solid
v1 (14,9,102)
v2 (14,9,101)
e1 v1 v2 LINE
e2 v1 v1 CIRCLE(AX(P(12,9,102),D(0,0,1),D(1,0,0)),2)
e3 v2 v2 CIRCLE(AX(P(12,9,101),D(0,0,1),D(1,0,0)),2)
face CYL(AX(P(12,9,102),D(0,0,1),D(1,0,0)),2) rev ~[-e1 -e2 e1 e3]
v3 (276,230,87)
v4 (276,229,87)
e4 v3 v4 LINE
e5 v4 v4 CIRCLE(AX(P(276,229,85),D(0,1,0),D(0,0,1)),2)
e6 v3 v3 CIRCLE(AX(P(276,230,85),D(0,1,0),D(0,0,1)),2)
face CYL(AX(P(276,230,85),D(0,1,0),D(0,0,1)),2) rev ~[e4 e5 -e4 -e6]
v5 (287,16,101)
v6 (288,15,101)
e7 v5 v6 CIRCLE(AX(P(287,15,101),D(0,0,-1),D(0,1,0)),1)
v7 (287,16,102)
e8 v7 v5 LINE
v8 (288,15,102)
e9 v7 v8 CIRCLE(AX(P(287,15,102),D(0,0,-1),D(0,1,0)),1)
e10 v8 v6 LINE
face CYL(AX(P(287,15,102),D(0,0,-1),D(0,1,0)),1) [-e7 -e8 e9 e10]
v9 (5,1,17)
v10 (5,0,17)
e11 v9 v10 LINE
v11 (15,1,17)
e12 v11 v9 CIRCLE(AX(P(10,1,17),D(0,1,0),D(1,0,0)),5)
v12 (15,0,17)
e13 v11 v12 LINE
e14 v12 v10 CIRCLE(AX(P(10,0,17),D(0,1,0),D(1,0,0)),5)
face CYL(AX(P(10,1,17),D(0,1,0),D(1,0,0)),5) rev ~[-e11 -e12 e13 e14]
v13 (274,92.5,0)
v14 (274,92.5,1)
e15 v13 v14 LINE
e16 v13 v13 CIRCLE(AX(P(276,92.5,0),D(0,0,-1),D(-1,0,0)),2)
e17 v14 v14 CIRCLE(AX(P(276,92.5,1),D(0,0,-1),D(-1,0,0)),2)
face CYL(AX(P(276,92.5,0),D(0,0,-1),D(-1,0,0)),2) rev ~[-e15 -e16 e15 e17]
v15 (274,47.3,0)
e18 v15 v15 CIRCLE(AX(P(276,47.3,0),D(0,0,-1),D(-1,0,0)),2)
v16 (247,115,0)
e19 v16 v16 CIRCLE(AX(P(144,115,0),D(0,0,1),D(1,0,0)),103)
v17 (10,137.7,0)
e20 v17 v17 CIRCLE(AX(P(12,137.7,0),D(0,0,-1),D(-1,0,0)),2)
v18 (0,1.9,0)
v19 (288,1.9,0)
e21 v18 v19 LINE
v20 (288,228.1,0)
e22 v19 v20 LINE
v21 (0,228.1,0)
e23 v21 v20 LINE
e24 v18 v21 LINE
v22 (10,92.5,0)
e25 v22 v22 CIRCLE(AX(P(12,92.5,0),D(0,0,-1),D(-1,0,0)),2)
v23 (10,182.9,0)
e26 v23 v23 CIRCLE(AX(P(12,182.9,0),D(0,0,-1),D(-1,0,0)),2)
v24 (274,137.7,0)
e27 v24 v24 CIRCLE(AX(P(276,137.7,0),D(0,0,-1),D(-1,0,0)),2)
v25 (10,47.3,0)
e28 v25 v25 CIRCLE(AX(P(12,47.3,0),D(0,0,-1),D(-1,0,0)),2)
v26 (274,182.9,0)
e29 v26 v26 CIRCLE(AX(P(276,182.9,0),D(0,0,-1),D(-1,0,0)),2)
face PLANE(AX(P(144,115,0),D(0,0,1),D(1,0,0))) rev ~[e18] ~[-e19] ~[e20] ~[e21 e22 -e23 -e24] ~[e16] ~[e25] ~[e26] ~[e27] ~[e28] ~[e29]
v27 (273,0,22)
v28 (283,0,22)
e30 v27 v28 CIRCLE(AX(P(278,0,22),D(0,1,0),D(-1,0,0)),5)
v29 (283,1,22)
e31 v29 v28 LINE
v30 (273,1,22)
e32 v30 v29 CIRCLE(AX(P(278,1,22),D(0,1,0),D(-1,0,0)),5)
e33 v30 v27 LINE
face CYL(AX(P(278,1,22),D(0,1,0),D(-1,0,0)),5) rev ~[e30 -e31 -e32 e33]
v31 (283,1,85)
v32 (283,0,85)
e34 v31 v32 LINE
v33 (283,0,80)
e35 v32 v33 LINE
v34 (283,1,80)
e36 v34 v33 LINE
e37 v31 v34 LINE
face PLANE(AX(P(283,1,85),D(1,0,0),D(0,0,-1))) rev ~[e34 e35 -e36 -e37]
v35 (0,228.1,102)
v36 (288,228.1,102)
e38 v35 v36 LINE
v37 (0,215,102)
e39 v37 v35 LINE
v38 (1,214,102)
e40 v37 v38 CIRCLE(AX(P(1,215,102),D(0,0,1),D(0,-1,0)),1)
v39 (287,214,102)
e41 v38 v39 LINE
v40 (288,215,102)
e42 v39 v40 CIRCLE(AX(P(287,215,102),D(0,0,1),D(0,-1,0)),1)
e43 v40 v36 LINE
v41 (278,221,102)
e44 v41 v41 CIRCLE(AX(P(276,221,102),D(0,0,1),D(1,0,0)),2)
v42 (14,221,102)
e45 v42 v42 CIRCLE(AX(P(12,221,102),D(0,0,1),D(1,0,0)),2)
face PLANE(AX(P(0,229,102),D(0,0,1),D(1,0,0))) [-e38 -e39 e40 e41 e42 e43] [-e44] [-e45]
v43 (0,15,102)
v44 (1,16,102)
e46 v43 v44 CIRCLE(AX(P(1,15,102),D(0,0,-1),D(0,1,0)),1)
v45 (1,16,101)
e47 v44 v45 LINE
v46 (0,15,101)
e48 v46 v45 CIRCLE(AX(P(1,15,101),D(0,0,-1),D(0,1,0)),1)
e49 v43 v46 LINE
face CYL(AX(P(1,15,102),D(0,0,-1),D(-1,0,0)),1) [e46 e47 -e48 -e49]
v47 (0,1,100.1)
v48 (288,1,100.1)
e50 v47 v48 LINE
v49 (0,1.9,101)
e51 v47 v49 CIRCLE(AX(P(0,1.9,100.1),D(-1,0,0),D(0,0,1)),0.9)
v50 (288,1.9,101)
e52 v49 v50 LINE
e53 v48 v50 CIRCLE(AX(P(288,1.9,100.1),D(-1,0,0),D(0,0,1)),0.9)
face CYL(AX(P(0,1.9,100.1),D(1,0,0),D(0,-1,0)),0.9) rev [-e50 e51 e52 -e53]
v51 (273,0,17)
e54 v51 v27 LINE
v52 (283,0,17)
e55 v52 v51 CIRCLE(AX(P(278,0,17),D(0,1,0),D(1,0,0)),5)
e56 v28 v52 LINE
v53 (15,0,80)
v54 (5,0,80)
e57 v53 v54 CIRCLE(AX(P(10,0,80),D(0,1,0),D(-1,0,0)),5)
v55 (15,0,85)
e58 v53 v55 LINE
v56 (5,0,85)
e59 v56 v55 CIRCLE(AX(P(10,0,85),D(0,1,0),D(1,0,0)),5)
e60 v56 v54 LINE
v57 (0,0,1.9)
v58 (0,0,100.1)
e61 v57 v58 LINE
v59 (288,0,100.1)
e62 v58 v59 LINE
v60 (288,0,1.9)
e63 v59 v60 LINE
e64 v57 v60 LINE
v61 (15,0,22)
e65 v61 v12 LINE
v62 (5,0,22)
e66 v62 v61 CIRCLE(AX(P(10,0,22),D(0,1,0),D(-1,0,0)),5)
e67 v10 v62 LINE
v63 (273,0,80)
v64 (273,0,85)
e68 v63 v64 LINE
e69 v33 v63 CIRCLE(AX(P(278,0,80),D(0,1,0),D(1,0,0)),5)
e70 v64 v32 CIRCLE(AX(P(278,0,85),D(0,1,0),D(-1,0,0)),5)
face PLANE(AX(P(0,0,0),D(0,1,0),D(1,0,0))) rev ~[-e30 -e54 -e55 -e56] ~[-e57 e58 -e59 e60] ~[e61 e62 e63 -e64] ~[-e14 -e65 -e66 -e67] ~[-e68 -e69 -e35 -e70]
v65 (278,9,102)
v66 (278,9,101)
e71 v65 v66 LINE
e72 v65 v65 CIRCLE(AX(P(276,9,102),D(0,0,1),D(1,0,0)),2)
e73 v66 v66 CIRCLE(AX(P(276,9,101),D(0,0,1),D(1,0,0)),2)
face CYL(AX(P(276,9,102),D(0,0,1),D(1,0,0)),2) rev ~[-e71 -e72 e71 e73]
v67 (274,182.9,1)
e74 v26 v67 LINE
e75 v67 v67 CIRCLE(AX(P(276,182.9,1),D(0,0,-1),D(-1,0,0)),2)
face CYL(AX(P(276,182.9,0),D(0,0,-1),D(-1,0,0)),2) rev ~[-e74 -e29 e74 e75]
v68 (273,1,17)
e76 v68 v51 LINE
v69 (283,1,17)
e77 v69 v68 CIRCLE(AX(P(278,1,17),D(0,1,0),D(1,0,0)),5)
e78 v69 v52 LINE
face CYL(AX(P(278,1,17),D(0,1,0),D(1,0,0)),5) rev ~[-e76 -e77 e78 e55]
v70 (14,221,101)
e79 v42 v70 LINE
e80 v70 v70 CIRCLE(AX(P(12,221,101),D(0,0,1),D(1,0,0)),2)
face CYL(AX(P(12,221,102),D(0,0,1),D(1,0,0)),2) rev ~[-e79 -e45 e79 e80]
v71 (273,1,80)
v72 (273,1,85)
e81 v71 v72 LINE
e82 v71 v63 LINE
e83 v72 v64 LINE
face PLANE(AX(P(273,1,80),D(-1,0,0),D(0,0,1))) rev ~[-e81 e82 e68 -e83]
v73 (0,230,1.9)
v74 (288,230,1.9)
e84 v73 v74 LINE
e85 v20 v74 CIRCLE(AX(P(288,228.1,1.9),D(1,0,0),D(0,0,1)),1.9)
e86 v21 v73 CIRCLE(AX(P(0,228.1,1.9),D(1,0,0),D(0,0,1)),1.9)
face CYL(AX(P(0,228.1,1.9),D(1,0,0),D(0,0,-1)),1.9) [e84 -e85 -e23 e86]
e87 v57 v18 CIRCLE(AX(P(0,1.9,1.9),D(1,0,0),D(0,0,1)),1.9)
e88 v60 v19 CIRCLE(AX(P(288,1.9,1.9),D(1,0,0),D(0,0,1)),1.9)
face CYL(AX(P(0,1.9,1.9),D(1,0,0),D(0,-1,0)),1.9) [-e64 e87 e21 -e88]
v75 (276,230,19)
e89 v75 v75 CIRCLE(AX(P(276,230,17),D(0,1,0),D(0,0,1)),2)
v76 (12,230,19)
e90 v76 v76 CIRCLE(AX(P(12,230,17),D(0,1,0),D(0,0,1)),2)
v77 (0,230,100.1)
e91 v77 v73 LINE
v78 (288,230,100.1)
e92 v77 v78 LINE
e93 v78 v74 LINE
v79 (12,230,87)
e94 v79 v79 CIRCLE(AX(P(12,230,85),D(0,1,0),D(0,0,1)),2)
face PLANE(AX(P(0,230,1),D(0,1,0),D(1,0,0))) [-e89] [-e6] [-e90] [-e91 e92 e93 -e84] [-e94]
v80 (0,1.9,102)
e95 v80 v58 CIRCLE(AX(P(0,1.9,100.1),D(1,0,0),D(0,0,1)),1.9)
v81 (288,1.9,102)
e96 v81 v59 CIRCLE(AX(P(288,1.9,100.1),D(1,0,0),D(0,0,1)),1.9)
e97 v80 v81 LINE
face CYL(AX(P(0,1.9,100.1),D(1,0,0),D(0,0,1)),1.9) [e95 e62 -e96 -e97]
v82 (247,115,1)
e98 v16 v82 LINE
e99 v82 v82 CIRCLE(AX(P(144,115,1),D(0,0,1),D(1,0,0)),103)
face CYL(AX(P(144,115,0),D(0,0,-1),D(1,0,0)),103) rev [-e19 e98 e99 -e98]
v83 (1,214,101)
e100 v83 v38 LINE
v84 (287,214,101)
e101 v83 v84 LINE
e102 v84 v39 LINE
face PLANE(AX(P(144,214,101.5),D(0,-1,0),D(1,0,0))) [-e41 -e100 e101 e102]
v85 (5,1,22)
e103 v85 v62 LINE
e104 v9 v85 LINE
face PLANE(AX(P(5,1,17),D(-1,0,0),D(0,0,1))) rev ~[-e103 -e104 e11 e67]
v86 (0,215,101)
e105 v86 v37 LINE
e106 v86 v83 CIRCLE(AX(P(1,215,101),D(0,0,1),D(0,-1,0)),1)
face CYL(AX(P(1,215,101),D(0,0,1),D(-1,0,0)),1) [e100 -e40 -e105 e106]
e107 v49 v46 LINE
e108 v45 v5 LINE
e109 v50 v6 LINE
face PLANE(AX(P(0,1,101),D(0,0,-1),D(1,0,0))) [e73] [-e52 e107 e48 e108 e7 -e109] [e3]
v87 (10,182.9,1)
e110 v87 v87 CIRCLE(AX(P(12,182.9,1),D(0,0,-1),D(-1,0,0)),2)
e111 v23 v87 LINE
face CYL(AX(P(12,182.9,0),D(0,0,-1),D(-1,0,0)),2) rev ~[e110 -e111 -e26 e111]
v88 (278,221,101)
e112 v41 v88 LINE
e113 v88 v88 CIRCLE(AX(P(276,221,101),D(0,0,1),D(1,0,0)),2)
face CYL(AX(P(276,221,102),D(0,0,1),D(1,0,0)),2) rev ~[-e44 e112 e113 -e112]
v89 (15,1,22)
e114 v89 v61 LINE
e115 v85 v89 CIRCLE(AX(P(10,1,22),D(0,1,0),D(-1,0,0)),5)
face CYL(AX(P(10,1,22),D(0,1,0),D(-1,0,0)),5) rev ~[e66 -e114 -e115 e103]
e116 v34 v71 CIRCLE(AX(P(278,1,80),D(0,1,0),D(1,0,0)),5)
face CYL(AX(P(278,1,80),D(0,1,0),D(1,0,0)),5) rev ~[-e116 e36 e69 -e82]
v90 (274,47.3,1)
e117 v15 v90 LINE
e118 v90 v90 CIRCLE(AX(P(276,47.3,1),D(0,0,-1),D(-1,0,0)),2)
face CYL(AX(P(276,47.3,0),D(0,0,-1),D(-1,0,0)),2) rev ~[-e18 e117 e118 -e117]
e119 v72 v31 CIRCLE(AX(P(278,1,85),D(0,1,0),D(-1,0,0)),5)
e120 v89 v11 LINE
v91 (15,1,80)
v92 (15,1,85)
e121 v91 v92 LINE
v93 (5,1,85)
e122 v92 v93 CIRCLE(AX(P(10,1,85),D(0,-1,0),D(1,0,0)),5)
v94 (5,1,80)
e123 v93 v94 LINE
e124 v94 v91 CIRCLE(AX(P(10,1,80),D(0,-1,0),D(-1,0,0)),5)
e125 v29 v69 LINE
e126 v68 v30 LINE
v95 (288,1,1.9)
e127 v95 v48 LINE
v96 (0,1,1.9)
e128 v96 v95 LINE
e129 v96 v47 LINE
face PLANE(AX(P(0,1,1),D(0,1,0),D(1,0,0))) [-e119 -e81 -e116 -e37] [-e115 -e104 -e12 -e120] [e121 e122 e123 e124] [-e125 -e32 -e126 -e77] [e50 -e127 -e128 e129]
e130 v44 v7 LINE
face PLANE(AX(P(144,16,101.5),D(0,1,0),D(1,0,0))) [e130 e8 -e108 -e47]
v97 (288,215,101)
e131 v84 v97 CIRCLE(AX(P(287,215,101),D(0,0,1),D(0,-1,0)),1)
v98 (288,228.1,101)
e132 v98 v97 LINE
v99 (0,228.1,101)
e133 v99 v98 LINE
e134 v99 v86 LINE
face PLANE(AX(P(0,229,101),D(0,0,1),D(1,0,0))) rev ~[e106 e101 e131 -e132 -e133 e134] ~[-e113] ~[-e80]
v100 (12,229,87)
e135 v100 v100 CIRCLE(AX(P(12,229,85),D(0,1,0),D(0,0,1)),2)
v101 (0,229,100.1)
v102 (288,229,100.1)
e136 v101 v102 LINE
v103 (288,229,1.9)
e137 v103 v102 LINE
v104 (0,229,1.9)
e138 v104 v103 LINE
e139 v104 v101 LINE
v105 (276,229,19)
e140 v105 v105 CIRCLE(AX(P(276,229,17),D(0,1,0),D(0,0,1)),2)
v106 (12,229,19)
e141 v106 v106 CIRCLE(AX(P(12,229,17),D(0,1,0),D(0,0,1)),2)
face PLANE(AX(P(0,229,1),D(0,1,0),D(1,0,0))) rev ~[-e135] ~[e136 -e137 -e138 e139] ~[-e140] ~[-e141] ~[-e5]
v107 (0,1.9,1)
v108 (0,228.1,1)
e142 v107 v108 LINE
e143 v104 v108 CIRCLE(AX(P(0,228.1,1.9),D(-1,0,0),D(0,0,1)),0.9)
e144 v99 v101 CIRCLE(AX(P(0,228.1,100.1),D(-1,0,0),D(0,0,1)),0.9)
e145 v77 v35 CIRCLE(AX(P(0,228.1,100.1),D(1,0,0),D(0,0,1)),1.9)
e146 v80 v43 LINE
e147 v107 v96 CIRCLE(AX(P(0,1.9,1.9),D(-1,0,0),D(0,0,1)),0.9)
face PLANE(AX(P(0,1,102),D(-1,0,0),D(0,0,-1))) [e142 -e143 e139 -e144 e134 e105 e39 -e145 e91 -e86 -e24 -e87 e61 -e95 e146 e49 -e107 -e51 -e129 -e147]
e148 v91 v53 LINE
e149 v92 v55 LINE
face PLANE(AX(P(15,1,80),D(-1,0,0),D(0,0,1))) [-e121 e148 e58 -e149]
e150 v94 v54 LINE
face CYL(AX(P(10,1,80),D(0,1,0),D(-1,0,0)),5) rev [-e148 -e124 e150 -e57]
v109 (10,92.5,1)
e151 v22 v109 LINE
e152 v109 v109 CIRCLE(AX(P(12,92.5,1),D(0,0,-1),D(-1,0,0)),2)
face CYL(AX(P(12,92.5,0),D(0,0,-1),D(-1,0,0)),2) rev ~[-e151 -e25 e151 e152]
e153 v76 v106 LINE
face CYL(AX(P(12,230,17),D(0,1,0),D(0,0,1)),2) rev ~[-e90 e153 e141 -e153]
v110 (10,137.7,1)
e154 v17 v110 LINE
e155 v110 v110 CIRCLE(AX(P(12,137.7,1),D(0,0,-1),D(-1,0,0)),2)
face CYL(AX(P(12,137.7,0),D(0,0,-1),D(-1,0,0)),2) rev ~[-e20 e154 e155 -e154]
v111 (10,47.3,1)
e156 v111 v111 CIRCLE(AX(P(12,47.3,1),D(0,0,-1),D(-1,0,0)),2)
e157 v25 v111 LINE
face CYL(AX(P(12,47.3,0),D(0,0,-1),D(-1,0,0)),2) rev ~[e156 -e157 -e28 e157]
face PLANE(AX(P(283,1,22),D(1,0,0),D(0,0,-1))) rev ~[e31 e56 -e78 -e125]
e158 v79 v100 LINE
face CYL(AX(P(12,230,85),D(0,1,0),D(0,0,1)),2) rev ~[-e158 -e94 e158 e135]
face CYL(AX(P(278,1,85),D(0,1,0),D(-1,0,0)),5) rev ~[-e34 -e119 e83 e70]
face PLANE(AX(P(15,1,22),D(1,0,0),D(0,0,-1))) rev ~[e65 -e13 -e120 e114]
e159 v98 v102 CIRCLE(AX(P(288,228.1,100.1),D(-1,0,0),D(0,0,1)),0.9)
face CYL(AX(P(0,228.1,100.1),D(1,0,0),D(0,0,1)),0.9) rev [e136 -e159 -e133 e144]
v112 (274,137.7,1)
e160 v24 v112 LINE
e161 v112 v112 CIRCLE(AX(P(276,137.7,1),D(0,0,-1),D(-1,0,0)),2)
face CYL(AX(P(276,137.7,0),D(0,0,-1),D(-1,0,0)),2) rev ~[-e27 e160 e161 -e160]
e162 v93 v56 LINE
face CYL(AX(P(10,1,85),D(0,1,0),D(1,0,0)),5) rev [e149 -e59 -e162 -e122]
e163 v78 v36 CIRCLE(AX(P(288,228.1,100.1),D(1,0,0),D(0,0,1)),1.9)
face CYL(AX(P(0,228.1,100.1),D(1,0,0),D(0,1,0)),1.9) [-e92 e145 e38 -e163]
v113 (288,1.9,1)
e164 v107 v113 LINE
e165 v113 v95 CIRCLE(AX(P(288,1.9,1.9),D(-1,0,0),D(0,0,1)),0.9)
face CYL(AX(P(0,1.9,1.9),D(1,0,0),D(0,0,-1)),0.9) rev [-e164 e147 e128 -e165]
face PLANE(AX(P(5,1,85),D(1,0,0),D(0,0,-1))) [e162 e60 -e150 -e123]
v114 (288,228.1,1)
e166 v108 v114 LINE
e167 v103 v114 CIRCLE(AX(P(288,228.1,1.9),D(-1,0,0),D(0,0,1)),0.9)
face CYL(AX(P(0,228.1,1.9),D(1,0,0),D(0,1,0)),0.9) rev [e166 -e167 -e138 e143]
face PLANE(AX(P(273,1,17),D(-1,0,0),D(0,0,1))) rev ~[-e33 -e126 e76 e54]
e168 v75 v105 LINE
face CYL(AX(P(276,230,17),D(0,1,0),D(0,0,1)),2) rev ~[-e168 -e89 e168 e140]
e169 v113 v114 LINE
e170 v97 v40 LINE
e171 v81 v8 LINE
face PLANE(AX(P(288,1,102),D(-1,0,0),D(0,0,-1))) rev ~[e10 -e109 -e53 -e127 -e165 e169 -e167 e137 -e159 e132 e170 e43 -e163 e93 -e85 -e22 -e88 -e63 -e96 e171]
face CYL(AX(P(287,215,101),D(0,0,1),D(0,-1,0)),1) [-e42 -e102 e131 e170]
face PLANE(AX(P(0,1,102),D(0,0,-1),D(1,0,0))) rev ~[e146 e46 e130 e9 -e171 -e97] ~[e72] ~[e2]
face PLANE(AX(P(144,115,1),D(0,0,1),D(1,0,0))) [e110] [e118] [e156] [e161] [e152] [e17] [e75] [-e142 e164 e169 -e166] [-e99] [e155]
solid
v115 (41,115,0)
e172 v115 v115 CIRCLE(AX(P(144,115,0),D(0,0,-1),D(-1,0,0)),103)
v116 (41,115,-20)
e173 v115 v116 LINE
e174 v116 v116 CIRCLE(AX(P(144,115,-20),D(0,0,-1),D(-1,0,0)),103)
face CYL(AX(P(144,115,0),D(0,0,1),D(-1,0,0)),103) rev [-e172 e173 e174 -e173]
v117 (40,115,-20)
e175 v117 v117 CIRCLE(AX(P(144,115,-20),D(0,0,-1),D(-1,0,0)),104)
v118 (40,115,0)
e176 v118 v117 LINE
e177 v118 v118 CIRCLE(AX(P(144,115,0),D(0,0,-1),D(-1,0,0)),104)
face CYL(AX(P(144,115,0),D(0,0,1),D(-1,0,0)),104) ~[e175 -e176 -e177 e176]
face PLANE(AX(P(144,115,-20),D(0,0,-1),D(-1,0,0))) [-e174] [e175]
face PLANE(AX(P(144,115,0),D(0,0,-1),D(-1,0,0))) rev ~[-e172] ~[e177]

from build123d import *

# Parameters (mm, degrees)
SKETCH_1_W          = 288
SKETCH_1_H          = 230
SKETCH_1_R          = 103
EXTRUDE_1_DEPTH     = 1
SKETCH_2_W          = 288
SKETCH_2_H          = 1
EXTRUDE_2_DEPTH     = 101
FILLET_1_R          = 1.9
FILLET_2_R          = 0.9
SKETCH_3_W          = 288
SKETCH_3_H          = 1
EXTRUDE_3_DEPTH     = 15
SKETCH_4_W          = 288
SKETCH_4_H          = 1
EXTRUDE_4_DEPTH     = 15
FILLET_3_R          = 1.9
FILLET_4_R          = 0.9
SKETCH_5_R          = 104
SKETCH_5_R_2        = 103
EXTRUDE_5_DEPTH     = 20
FILLET_10_R         = 1
SKETCH_7_R          = 2
CUT_EXTRUDE_1_DEPTH = 30
SKETCH_8_R          = 2
CUT_EXTRUDE_2_DEPTH = 30
SKETCH_9_R          = 2
CUT_EXTRUDE_3_DEPTH = 30
SKETCH_10_R         = 2
CUT_EXTRUDE_4_DEPTH = 30
CUT_EXTRUDE_5_DEPTH = 10


with BuildPart() as part:
    # Эскиз1 → Бобышка-Вытянуть1 (new body)
    with BuildSketch(Plane.XY):
        with Locations((144, 115)):
            Rectangle(SKETCH_1_W, SKETCH_1_H)
        with Locations((144, 115)):
            Circle(SKETCH_1_R, mode=Mode.SUBTRACT)
    extrude(amount=EXTRUDE_1_DEPTH)

    # Эскиз2 → Бобышка-Вытянуть2 (add)
    with BuildSketch(Plane.XY.offset(1)):
        with Locations((144, 229.5)):
            Rectangle(SKETCH_2_W, SKETCH_2_H)
        with Locations((144, 0.5)):
            Rectangle(SKETCH_2_W, SKETCH_2_H)
    extrude(amount=EXTRUDE_2_DEPTH)

    # Скругление1
    fillet_1_edges = [part.edges().sort_by_distance(p)[0] for p in [
        (144, 0, 0),
        (144, 230, 0),
    ]]
    fillet(fillet_1_edges, radius=FILLET_1_R)

    # Скругление2
    fillet_2_edges = [part.edges().sort_by_distance(p)[0] for p in [
        (144, 229, 1),
        (144, 1, 1),
    ]]
    fillet(fillet_2_edges, radius=FILLET_2_R)

    # Эскиз3 → Бобышка-Вытянуть3 (add)
    with BuildSketch(Plane.XZ.offset(-229)):
        with Locations((144, 101.5)):
            Rectangle(SKETCH_3_W, SKETCH_3_H)
    extrude(amount=EXTRUDE_3_DEPTH)

    # Эскиз4 → Бобышка-Вытянуть4 (add)
    with BuildSketch(Plane(origin=(0, 1, 0), x_dir=(1, 0, 0), z_dir=(0, 1, 0))):
        with Locations((144, -101.5)):
            Rectangle(SKETCH_4_W, SKETCH_4_H)
    extrude(amount=EXTRUDE_4_DEPTH)

    # Скругление3
    fillet_3_edges = [part.edges().sort_by_distance(p)[0] for p in [
        (144, 230, 102),
        (144, 0, 102),
    ]]
    fillet(fillet_3_edges, radius=FILLET_3_R)

    # Скругление4
    fillet_4_edges = [part.edges().sort_by_distance(p)[0] for p in [
        (144, 229, 101),
        (144, 1, 101),
    ]]
    fillet(fillet_4_edges, radius=FILLET_4_R)

    # Скругление10
    fillet_10_edges = [part.edges().sort_by_distance(p)[0] for p in [
        (0, 214, 101.5),
        (288, 214, 101.5),
        (0, 16, 101.5),
        (288, 16, 101.5),
    ]]
    fillet(fillet_10_edges, radius=FILLET_10_R)

    # Эскиз7 → Вырез-Вытянуть1 (cut)
    with BuildSketch(Plane(origin=(0, 230, 0), x_dir=(1, 0, 0), z_dir=(0, 1, 0))):
        with Locations(Location((12, -17, 0), (0, 0, 270))):
            Circle(SKETCH_7_R)
        with Locations(Location((12, -85, 0), (0, 0, 270))):
            Circle(SKETCH_7_R)
        with Locations(Location((276, -85, 0), (0, 0, 270))):
            Circle(SKETCH_7_R)
        with Locations(Location((276, -17, 0), (0, 0, 270))):
            Circle(SKETCH_7_R)
    extrude(amount=-CUT_EXTRUDE_1_DEPTH, mode=Mode.SUBTRACT)

    # Эскиз8 → Вырез-Вытянуть2 (cut)
    with BuildSketch(Plane.XY.offset(102)):
        with Locations((12, 221)):
            Circle(SKETCH_8_R)
        with Locations((276, 221)):
            Circle(SKETCH_8_R)
    extrude(amount=-CUT_EXTRUDE_2_DEPTH, mode=Mode.SUBTRACT)

    # Эскиз9 → Вырез-Вытянуть3 (cut)
    with BuildSketch(Plane.XY.offset(102)):
        with Locations((12, 9)):
            Circle(SKETCH_9_R)
        with Locations((276, 9)):
            Circle(SKETCH_9_R)
    extrude(amount=-CUT_EXTRUDE_3_DEPTH, mode=Mode.SUBTRACT)

    # Эскиз10 → Вырез-Вытянуть4 (cut)
    with BuildSketch(Plane(origin=(0, 0, 0), x_dir=(-1, 0, 0), z_dir=(0, 0, -1))):
        with Locations((-12, 182.9)):
            Circle(SKETCH_10_R)
        with Locations((-12, 137.7)):
            Circle(SKETCH_10_R)
        with Locations((-12, 47.3)):
            Circle(SKETCH_10_R)
        with Locations((-12, 92.5)):
            Circle(SKETCH_10_R)
        with Locations((-276, 92.5)):
            Circle(SKETCH_10_R)
        with Locations((-276, 47.3)):
            Circle(SKETCH_10_R)
        with Locations((-276, 137.7)):
            Circle(SKETCH_10_R)
        with Locations((-276, 182.9)):
            Circle(SKETCH_10_R)
    extrude(amount=-CUT_EXTRUDE_4_DEPTH, mode=Mode.SUBTRACT)

    # Эскиз11 → Вырез-Вытянуть5 (cut)
    with BuildSketch(Plane(origin=(0, 1, 0), x_dir=(1, 0, 0), z_dir=(0, 1, 0))):
        with BuildLine():
            Line((5, -17), (5, -22))
            ThreePointArc((5, -22), (10, -27), (15, -22))
            Line((15, -22), (15, -17))
            ThreePointArc((15, -17), (10, -12), (5, -17))
        make_face()
        with BuildLine():
            Line((5, -85), (5, -80))
            ThreePointArc((5, -80), (10, -75), (15, -80))
            Line((15, -80), (15, -85))
            ThreePointArc((15, -85), (10, -90), (5, -85))
        make_face()
        with BuildLine():
            Line((283, -22), (283, -17))
            ThreePointArc((283, -17), (278, -12), (273, -17))
            Line((273, -17), (273, -22))
            ThreePointArc((273, -22), (278, -27), (283, -22))
        make_face()
        with BuildLine():
            Line((283, -85), (283, -80))
            ThreePointArc((283, -80), (278, -75), (273, -80))
            Line((273, -80), (273, -85))
            ThreePointArc((273, -85), (278, -90), (283, -85))
        make_face()
    extrude(amount=-CUT_EXTRUDE_5_DEPTH, mode=Mode.SUBTRACT)


with BuildPart() as body_2:
    # Эскиз5 → Бобышка-Вытянуть5 (new body)
    with BuildSketch(Plane(origin=(0, 0, 0), x_dir=(-1, 0, 0), z_dir=(0, 0, -1))):
        with Locations((-144, 115)):
            Circle(SKETCH_5_R)
        with Locations((-144, 115)):
            Circle(SKETCH_5_R_2, mode=Mode.SUBTRACT)
    extrude(amount=EXTRUDE_5_DEPTH)


solid = Compound([part.part, body_2.part])
